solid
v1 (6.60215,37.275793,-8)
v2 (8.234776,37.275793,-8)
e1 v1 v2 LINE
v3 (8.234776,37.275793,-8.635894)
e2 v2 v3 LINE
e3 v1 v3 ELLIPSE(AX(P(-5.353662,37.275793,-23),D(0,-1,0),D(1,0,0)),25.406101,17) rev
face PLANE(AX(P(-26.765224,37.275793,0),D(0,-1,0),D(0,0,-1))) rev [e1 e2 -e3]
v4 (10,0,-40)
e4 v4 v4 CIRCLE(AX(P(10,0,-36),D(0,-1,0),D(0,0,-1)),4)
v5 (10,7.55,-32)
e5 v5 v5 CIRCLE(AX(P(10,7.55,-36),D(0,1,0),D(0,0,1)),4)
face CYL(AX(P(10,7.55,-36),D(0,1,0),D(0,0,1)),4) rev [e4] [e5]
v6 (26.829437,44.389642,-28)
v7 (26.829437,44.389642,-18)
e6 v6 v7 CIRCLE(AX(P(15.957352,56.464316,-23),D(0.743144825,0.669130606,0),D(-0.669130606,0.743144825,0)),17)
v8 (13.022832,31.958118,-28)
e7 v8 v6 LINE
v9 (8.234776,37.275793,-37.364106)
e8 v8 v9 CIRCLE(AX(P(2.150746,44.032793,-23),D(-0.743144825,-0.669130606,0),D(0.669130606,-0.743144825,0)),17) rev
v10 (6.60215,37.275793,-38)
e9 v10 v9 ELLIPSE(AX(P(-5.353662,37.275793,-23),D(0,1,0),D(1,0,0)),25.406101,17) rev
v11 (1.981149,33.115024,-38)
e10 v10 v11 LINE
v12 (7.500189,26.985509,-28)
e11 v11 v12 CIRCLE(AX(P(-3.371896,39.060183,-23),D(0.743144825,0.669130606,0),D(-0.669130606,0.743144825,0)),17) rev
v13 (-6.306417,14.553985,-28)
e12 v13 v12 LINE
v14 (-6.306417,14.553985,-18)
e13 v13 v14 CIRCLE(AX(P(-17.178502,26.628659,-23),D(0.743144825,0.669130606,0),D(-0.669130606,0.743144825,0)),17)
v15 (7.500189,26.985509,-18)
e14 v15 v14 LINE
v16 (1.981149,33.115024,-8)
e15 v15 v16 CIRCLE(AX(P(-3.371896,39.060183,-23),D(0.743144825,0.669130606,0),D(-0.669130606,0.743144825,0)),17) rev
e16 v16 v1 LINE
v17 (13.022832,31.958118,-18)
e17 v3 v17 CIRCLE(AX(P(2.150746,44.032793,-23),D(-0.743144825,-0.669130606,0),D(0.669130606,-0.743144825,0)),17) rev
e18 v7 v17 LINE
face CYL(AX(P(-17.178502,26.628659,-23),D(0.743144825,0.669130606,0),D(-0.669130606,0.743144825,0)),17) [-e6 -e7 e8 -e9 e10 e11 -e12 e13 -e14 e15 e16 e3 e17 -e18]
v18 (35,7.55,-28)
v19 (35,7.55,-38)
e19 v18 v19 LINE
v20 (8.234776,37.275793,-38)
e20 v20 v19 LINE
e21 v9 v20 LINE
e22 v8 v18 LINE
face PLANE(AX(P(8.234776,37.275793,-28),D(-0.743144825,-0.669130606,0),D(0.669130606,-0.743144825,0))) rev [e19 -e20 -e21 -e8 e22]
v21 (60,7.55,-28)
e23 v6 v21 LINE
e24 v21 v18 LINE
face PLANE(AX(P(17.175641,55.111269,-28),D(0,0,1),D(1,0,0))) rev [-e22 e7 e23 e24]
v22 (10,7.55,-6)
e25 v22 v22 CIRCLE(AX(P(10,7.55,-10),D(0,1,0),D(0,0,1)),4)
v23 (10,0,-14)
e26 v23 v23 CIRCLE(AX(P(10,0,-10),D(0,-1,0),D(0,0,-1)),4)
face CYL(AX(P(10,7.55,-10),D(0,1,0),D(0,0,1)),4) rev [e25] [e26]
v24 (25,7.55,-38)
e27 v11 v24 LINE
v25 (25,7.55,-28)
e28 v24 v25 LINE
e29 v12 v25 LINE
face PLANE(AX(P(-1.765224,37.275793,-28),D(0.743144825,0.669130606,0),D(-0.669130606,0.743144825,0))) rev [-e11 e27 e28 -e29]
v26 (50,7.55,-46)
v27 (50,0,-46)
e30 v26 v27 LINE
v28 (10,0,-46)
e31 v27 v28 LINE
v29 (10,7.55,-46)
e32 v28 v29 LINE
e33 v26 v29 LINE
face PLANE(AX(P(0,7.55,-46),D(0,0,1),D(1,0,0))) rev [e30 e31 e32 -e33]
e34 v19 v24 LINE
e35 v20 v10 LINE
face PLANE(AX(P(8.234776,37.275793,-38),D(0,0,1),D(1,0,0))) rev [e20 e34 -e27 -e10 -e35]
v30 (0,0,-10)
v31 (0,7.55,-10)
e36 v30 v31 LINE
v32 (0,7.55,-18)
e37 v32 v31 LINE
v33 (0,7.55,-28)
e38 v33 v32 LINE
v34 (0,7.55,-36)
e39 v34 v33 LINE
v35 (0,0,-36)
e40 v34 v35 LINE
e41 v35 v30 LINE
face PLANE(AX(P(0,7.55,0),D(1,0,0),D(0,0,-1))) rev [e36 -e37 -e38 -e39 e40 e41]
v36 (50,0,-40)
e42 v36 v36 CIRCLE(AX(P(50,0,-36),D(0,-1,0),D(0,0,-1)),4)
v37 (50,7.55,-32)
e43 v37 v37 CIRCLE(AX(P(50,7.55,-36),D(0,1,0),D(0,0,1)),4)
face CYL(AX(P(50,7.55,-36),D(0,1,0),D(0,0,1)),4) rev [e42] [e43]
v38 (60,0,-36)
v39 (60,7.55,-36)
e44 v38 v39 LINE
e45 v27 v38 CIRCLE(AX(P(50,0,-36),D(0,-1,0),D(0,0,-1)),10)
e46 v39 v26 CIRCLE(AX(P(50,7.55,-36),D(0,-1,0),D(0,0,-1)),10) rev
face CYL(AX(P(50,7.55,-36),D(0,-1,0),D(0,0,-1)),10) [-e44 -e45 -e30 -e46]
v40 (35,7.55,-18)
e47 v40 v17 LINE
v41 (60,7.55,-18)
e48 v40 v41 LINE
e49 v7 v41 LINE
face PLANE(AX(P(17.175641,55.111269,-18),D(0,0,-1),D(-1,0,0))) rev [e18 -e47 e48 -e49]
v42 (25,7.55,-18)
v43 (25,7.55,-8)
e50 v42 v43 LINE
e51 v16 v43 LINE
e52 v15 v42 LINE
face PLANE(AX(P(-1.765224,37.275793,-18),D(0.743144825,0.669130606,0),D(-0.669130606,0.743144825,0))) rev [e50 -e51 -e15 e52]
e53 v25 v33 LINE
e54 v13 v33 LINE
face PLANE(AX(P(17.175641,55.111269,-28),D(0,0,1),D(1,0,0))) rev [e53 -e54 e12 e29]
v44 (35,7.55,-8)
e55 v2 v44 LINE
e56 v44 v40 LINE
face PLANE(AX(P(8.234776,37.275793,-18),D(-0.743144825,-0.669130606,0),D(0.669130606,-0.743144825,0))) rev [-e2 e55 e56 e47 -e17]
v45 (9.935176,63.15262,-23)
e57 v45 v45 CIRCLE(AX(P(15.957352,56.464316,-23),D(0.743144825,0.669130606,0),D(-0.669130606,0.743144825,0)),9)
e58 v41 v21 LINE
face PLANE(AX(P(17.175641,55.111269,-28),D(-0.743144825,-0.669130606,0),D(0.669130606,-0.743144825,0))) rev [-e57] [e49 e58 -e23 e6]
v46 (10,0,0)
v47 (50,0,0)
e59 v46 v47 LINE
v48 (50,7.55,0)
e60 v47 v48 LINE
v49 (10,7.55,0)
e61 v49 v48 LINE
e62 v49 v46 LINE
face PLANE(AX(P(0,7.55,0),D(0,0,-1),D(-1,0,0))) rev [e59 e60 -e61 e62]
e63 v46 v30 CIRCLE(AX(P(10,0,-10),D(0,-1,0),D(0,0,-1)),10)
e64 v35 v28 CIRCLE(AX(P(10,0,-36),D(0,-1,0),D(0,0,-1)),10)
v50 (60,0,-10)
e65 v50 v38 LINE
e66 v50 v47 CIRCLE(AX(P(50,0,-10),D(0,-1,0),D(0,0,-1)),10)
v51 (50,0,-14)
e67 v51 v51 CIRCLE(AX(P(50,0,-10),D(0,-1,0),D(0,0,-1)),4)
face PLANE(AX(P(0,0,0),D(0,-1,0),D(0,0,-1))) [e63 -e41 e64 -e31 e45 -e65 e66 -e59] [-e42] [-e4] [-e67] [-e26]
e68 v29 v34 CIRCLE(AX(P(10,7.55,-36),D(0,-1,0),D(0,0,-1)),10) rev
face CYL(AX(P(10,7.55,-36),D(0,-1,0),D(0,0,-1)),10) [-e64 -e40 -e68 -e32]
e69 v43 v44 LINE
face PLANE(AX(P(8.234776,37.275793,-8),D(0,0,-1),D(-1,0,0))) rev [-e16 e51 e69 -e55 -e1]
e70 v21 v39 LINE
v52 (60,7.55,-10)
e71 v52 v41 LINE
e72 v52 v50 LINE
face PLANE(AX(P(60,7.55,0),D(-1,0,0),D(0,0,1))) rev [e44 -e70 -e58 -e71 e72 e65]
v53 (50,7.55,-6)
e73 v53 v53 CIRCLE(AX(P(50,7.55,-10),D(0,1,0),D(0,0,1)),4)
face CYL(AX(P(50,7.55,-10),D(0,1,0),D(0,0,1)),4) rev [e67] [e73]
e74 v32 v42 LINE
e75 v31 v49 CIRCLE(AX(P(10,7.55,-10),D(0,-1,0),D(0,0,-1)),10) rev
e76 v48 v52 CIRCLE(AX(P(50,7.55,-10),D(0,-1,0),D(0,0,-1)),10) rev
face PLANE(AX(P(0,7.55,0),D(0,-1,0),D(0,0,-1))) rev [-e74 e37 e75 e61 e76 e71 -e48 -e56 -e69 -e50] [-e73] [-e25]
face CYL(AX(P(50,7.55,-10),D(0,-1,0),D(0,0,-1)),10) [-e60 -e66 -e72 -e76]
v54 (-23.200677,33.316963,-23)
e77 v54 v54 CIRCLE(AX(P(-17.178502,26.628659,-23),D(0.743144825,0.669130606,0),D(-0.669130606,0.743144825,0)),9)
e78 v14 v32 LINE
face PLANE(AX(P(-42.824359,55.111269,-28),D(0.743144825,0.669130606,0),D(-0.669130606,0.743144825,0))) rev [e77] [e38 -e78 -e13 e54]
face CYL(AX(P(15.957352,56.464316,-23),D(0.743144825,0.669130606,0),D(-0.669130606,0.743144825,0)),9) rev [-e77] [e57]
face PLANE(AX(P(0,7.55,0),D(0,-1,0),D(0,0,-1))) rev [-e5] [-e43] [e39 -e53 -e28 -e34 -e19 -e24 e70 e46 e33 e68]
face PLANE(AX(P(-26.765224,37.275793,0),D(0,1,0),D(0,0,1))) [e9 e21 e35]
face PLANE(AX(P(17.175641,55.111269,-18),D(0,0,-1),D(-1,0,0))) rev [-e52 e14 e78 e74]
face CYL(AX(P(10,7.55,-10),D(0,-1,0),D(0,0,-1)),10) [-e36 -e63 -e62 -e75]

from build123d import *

# Parameters (mm, degrees)
SKETCH1_W                  = 60
SKETCH1_H                  = 46
BOSS_EXTRUDE1_DEPTH        = 7.55
FILLET1_R                  = 10
F_8_0_8_DIAMETER_HOLE1_D   = 8
SKETCH4_W                  = 60
SKETCH4_H                  = 10
BOSS_EXTRUDE2_DEPTH        = 64
CUT_EXTRUDE1_DEPTH         = 50
SKETCH7_4_R                = 17
BOSS_EXTRUDE3_DEPTH        = 44.58869
SKETCH11_W                 = 10
SKETCH11_H                 = 10
BOSS_EXTRUDE4_DEPTH        = 40
F_18_0_18_DIAMETER_HOLE1_D = 18


with BuildPart() as part:
    # Sketch1 → Boss-Extrude1 (new body)
    with BuildSketch(Plane(origin=(0, 0, 0), x_dir=(1, 0, 0), z_dir=(0, 1, 0))):
        with Locations((30, 23)):
            Rectangle(SKETCH1_W, SKETCH1_H)
    extrude(amount=BOSS_EXTRUDE1_DEPTH)

    # Fillet1
    fillet1_edges = [part.edges().sort_by_distance(p)[0] for p in [
        (0, 3.775, -46),
        (60, 3.775, -46),
        (60, 3.775, 0),
        (0, 3.775, 0),
    ]]
    fillet(fillet1_edges, radius=FILLET1_R)

    # Ø8.0 (8) Diameter Hole1 (through all)
    with Locations(Plane(origin=(50, 7.55, -10), x_dir=(0, 0, 1), z_dir=(0, 1, 0))):
        with Locations((0, 0), (0, -40), (-26, -40), (-26, 0)):
            Hole(F_8_0_8_DIAMETER_HOLE1_D / 2)

    # Sketch4 → Boss-Extrude2 (add, along a direction that is not the sketch's normal)
    with BuildSketch(Plane(origin=(0, 7.55, 0), x_dir=(1, 0, 0), z_dir=(0, 1, 0))):
        with Locations((30, 23)):
            Rectangle(SKETCH4_W, SKETCH4_H)
    extrude(amount=BOSS_EXTRUDE2_DEPTH, dir=(-0.6691306063588565, 0.7431448254773959, 0))

    # Sketch7 → Cut-Extrude1 (cut)
    with BuildSketch(Plane(origin=(36.890174053, 33.216061912, 0), x_dir=(0, 0, -1), z_dir=(0.7431448254773956, 0.6691306063588568, 0))):
        with BuildLine():
            Line((14.444935509, 45.97411464), (14.444935509, 31.283611873))
            Line((14.444935509, 31.283611873), (33.990304022, 31.283611873))
            Line((33.990304022, 31.283611873), (33.990304022, 44.253315706))
            ThreePointArc((33.990304022, 44.253315706), (24.490934317, 48.218106695), (14.444935509, 45.97411464))
        make_face()
    extrude(amount=-CUT_EXTRUDE1_DEPTH, mode=Mode.SUBTRACT)


with BuildPart() as cut_extrude1_kept_piece:
    # of the separate pieces the step leaves, the one the design keeps (cut_extrude1_pieces_kept)
    add(part.part.solids().sort_by_distance((10, 0, 0))[0])

    # Sketch7<4> → Boss-Extrude3 (add)
    with BuildSketch(Plane(origin=(36.890174053, 33.216061912, 0), x_dir=(0, 0, -1), z_dir=(0.7431448254773956, 0.6691306063588568, 0))):
        with Locations((23, 31.283611873)):
            Circle(SKETCH7_4_R)
    extrude(amount=-BOSS_EXTRUDE3_DEPTH)

    # Sketch11 → Boss-Extrude4 (add, along a direction that is not the sketch's normal)
    with BuildSketch(Plane(origin=(0, 7.55, 0), x_dir=(1, 0, 0), z_dir=(0, 1, 0))):
        with Locations((30, 33)):
            Rectangle(SKETCH11_W, SKETCH11_H)
        with Locations((30, 13)):
            Rectangle(SKETCH11_W, SKETCH11_H)
    extrude(amount=BOSS_EXTRUDE4_DEPTH, dir=(-0.6691306063588565, 0.7431448254773958, 0))

    # Ø18.0 (18) Diameter Hole1 (through all)
    with Locations(Plane(origin=(15.957351871, 56.464316198, -23), x_dir=(-0.669130606359, 0.743144825477, 0), z_dir=(0.743144825477, 0.669130606359, 0))):
        with Locations((0, 0)):
            Hole(F_18_0_18_DIAMETER_HOLE1_D / 2)


solid = cut_extrude1_kept_piece.part
